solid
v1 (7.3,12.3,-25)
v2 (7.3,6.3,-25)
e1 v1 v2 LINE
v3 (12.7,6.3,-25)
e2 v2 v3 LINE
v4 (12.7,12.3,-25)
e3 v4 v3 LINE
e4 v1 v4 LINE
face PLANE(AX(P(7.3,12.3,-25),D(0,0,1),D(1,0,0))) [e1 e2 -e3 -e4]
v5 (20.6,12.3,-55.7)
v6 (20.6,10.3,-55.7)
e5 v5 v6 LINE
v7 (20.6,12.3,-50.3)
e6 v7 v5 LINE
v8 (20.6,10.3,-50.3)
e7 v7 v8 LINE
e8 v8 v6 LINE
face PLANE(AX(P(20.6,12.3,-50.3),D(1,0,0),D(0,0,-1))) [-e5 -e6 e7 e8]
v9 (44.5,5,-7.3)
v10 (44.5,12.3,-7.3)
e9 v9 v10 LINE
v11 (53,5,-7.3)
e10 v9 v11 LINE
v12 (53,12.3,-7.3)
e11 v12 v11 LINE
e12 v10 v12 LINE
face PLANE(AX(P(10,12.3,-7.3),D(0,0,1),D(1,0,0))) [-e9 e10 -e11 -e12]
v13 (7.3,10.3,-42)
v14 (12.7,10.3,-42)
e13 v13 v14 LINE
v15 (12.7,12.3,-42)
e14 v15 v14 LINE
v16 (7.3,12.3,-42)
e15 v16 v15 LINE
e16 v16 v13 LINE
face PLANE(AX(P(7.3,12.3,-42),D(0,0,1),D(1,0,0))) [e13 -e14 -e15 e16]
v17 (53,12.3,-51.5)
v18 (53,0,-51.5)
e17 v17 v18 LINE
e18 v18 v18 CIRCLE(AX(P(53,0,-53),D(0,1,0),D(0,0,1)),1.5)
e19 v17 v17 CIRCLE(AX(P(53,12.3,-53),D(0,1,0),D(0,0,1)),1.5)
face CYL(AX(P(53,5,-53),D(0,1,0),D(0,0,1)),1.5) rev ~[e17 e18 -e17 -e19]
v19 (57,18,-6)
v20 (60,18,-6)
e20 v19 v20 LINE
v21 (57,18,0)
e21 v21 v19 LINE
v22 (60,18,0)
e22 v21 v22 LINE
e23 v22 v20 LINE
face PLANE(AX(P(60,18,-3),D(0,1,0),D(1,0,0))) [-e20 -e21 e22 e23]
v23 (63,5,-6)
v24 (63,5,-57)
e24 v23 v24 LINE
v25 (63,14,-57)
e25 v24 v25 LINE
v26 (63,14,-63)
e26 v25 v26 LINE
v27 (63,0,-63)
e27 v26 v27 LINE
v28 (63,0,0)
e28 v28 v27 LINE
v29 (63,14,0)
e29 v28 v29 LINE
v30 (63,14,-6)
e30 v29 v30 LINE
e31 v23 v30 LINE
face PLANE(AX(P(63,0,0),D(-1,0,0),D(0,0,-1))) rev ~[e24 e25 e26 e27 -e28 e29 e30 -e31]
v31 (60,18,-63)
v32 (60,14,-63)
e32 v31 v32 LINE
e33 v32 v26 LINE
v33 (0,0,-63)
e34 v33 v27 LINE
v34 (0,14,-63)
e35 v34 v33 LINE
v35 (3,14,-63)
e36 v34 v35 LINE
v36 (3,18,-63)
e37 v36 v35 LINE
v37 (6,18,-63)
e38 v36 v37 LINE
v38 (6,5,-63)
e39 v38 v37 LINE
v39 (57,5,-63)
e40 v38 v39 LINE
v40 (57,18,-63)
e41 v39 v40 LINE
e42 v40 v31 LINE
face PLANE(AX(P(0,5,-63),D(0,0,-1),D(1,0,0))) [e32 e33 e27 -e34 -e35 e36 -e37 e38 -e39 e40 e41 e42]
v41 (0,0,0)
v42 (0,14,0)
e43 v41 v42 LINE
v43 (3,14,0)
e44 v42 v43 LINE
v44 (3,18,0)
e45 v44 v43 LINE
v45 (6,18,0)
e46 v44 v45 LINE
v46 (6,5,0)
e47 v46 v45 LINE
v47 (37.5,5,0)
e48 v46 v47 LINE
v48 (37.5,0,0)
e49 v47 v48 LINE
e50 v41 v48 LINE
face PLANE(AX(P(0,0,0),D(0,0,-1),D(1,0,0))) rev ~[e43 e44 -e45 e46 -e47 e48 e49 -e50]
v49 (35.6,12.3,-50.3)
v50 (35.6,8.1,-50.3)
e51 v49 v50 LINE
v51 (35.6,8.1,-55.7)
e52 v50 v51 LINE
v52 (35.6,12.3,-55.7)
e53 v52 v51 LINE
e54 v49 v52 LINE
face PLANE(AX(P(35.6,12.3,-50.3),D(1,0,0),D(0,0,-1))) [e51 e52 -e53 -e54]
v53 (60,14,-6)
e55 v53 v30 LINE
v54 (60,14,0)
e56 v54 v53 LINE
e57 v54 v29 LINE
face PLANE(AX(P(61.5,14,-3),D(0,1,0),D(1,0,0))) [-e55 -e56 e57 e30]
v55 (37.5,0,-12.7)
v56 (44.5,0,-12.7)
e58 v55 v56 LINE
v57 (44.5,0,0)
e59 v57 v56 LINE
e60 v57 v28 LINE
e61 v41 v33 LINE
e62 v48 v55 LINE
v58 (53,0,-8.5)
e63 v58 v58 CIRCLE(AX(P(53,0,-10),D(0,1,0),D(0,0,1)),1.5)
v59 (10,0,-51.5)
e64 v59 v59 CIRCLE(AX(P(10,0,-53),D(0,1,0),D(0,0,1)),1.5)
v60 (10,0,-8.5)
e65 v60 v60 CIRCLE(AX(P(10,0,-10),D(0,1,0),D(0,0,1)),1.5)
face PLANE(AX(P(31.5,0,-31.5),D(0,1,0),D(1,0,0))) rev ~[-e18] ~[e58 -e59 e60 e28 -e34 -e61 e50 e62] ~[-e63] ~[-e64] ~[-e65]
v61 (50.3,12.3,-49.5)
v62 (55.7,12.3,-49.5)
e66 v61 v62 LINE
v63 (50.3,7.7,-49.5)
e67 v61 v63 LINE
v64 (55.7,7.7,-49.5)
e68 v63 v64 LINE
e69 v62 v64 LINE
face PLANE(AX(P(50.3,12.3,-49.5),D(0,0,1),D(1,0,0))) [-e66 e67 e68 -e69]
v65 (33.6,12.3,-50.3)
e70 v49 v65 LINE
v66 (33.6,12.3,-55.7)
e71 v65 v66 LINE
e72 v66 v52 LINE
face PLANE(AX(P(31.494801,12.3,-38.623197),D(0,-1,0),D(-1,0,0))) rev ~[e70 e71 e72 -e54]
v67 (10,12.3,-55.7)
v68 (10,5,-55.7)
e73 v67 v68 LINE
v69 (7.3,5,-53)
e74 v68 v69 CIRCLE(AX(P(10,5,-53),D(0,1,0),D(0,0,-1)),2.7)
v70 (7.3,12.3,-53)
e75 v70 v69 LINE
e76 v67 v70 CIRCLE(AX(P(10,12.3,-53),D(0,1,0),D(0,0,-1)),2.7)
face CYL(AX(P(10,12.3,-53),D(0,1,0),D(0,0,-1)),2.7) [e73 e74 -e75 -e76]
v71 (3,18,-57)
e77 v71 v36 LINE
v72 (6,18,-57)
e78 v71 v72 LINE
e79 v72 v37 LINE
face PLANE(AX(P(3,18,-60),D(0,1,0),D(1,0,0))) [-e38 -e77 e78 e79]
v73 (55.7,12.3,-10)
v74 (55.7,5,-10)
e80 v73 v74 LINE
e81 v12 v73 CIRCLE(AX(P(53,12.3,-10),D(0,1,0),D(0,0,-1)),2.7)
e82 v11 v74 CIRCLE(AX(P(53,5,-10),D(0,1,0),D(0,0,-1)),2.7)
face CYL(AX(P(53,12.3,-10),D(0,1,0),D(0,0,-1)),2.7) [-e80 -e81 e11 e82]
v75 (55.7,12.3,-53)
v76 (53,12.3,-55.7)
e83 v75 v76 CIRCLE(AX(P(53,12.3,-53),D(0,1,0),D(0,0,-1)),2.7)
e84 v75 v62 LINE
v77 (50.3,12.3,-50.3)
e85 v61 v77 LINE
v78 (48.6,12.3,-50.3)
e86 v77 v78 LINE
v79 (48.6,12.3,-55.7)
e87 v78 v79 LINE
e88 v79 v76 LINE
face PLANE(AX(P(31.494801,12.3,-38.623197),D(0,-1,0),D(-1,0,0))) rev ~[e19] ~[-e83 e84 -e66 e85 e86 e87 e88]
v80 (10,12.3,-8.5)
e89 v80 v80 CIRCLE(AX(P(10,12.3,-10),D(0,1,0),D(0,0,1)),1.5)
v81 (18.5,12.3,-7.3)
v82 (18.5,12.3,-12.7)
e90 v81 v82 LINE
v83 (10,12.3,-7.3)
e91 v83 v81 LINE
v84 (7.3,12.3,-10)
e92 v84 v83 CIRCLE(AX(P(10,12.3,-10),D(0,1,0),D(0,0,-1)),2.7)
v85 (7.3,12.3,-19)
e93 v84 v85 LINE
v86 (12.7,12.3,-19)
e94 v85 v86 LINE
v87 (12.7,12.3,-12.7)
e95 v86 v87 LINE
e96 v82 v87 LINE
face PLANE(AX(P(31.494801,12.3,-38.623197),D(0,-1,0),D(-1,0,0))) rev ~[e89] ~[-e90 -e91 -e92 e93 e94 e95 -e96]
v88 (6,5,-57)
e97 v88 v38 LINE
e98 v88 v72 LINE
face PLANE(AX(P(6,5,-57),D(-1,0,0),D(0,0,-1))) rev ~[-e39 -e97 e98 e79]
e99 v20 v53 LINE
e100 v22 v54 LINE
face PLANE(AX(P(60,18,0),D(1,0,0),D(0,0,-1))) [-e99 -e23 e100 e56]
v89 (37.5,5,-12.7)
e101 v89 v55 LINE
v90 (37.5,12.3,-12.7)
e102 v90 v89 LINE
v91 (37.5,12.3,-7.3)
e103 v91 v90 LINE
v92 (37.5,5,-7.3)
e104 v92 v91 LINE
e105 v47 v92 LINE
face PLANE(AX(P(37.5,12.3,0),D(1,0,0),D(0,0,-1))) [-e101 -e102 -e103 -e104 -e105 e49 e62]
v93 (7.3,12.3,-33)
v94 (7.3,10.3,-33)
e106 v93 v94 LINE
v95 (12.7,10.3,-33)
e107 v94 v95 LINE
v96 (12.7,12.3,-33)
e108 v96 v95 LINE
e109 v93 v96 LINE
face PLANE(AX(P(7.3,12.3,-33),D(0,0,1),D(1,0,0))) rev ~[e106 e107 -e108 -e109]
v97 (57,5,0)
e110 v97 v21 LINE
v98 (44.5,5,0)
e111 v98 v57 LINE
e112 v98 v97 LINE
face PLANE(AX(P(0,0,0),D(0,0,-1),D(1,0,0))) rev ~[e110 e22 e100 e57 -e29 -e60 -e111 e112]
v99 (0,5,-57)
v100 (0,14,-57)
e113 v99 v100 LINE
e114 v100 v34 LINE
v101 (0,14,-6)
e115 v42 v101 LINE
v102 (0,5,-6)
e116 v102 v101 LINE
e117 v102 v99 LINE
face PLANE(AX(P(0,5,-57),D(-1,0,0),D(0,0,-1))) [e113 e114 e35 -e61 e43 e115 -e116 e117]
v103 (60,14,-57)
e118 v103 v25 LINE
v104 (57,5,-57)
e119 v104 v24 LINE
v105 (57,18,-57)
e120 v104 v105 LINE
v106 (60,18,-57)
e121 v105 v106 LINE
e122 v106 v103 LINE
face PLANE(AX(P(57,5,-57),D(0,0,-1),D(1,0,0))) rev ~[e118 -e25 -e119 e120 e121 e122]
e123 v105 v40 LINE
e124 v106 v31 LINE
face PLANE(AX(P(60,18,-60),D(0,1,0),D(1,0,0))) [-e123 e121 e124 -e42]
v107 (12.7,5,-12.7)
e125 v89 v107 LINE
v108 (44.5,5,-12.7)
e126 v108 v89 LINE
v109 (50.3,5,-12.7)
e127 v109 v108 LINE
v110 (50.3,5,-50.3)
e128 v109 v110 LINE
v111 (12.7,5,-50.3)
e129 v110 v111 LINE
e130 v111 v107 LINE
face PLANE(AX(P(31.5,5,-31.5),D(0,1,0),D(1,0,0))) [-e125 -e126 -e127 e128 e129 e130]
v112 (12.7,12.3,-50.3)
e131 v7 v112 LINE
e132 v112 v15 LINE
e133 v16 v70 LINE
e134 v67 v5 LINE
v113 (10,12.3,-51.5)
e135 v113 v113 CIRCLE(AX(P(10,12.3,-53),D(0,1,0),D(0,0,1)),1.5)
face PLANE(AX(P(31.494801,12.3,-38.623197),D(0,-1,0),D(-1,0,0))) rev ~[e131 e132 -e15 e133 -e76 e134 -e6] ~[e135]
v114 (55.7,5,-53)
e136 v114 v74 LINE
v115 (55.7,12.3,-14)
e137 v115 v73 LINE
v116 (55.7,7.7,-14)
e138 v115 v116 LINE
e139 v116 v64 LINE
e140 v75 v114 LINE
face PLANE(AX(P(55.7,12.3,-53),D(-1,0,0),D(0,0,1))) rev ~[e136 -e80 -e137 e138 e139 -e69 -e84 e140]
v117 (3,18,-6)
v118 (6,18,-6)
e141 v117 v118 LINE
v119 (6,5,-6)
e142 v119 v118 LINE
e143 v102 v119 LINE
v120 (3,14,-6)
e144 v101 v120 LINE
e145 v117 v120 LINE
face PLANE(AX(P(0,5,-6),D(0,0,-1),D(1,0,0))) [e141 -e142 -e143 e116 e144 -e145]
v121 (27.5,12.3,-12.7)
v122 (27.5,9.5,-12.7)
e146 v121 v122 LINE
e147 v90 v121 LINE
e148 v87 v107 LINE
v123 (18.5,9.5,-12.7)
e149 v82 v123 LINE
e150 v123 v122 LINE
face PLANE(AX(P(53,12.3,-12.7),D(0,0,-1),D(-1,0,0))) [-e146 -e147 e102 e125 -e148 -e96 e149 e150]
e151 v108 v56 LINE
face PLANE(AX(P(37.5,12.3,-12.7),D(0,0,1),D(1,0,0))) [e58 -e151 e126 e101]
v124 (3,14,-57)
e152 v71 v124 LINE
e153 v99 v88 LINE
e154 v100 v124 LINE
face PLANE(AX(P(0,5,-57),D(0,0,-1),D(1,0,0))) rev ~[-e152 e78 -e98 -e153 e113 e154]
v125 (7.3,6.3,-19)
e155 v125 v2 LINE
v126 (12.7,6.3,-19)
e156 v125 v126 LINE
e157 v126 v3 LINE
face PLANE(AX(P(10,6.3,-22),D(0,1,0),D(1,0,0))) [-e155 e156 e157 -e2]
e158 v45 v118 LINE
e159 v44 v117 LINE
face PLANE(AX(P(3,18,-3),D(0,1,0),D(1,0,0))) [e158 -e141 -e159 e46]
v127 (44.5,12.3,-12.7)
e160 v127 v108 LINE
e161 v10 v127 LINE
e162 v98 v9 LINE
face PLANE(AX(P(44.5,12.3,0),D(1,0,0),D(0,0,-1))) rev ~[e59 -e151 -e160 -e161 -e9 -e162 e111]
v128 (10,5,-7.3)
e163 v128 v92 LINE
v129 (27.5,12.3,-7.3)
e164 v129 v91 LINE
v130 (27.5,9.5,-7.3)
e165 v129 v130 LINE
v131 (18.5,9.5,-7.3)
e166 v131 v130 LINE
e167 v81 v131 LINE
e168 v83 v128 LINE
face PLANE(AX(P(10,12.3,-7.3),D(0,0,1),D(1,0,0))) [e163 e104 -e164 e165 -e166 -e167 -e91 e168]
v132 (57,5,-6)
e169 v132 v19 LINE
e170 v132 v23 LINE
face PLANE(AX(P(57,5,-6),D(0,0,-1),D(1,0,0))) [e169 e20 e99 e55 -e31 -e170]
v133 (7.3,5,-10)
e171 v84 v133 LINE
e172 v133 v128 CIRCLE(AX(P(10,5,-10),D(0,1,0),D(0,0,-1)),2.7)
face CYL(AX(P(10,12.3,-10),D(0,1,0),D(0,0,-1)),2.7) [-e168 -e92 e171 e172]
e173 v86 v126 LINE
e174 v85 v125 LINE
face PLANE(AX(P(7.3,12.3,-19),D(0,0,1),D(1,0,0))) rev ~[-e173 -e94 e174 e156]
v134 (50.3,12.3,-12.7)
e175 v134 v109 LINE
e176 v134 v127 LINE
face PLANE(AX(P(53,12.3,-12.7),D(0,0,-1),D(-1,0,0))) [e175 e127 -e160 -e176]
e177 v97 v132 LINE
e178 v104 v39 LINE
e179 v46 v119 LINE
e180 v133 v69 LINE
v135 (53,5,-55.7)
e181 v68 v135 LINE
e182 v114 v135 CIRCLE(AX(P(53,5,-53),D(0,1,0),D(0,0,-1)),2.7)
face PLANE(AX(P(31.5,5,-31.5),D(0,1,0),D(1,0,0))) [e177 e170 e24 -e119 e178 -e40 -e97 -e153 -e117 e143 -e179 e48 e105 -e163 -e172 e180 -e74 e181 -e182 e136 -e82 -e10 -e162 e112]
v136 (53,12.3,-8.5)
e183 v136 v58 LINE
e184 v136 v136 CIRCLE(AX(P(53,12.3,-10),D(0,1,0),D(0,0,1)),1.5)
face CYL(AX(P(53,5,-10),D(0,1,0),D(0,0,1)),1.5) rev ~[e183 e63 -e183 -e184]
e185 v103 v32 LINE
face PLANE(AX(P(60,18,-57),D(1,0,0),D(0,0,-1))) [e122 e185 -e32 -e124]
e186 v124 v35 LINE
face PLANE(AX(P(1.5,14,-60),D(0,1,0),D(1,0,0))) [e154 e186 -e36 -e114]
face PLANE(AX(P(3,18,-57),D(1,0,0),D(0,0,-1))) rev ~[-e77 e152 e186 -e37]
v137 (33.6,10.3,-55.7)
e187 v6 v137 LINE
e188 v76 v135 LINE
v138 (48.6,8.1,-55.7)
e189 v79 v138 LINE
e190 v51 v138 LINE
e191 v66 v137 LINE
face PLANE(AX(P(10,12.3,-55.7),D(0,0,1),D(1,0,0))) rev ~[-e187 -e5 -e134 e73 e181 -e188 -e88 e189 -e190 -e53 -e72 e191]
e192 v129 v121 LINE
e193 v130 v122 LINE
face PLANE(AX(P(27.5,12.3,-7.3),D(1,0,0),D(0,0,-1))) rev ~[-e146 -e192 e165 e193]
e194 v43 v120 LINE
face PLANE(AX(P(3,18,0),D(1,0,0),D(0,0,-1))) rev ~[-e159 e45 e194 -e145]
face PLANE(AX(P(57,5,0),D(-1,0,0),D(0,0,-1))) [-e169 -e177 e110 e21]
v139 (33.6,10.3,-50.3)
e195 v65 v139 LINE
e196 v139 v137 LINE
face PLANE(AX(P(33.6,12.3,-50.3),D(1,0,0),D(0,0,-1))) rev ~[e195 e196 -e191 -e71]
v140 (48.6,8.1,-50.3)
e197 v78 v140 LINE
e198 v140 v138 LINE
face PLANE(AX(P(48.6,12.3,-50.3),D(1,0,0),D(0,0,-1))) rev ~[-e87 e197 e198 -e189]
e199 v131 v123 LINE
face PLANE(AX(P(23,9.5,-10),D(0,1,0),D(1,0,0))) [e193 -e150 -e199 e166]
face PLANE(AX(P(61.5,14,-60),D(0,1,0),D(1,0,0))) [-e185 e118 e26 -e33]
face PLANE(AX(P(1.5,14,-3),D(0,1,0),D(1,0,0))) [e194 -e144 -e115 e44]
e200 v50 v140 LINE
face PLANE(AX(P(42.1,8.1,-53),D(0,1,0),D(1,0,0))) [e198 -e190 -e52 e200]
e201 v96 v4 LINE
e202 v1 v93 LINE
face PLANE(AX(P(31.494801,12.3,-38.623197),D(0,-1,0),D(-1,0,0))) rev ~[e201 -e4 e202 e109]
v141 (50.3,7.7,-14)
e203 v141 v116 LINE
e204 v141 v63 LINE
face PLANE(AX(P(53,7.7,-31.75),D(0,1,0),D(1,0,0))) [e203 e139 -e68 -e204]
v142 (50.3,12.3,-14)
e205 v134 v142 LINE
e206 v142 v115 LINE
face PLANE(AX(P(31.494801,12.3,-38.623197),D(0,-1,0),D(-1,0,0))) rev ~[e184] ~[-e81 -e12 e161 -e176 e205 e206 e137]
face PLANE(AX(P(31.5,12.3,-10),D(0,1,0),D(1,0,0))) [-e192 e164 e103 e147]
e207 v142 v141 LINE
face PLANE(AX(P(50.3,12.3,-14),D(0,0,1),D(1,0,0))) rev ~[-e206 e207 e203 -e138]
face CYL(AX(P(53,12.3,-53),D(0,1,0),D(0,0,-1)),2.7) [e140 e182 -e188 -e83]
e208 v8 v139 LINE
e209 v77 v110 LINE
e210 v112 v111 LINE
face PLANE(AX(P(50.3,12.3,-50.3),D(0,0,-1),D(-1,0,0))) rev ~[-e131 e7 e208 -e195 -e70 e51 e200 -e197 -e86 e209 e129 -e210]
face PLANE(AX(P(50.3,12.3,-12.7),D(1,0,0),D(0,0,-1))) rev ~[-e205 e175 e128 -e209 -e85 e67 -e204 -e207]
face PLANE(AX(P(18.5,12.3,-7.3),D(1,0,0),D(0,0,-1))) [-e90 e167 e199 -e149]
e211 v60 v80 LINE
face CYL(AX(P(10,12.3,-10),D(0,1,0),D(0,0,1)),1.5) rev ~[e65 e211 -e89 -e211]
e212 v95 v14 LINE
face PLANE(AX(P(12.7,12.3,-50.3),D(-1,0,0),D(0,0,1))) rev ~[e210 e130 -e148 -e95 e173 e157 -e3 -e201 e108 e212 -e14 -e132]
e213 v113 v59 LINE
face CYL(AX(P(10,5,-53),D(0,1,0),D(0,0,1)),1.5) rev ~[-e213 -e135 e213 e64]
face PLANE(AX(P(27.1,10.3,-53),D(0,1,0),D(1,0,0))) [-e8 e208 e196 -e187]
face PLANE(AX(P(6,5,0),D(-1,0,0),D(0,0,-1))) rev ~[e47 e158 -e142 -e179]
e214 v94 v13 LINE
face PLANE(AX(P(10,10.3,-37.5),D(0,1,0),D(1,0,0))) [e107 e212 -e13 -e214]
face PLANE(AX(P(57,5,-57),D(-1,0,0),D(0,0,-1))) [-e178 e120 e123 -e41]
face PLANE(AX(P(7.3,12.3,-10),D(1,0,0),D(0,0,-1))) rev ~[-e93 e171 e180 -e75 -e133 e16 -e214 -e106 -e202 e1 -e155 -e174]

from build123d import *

# Parameters (mm, degrees)
SKETCH1_W           = 63
SKETCH1_H           = 63
BOSS_EXTRUDE1_DEPTH = 5
SKETCH2_W           = 6
SKETCH2_H           = 6
BOSS_EXTRUDE2_DEPTH = 13
SKETCH3_R           = 1.5
CUT_EXTRUDE1_DEPTH  = 5
BOSS_EXTRUDE3_START = 7.3
SKETCH4_R           = 2.7
SKETCH4_R_2         = 1.5
BOSS_EXTRUDE3_DEPTH = 7.3
BOSS_EXTRUDE4_START = 7.3
BOSS_EXTRUDE4_DEPTH = 7.3
SKETCH6_W           = 9
SKETCH6_H           = 5.4
CUT_EXTRUDE2_DEPTH  = 2.8
CUT_EXTRUDE3_REACH  = 91.94
SKETCH7_W           = 7
SKETCH7_H           = 12.7
BOSS_EXTRUDE5_START = 7.3
BOSS_EXTRUDE5_DEPTH = 7.3
SKETCH9_W           = 5.4
SKETCH9_H           = 35.5
CUT_EXTRUDE4_DEPTH  = 4.6
SKETCH10_W          = 13
SKETCH10_H          = 5.4
CUT_EXTRUDE5_DEPTH  = 4.2
SKETCH11_W          = 13
SKETCH11_H          = 5.4
CUT_EXTRUDE6_DEPTH  = 2
SKETCH12_W          = 5.4
SKETCH12_H          = 9
CUT_EXTRUDE7_DEPTH  = 2
SKETCH13_W          = 5.4
SKETCH13_H          = 6
CUT_EXTRUDE8_DEPTH  = 6
SKETCH14_W          = 3
SKETCH14_H          = 6
CUT_EXTRUDE9_DEPTH  = 4


with BuildPart() as part:
    # Sketch1 → Boss-Extrude1 (new body)
    with BuildSketch(Plane(origin=(0, 0, 0), x_dir=(1, 0, 0), z_dir=(0, 1, 0))):
        with Locations((31.5, 31.5)):
            Rectangle(SKETCH1_W, SKETCH1_H)
    extrude(amount=BOSS_EXTRUDE1_DEPTH)

    # Sketch2 → Boss-Extrude2 (add)
    with BuildSketch(Plane(origin=(0, 5, 0), x_dir=(1, 0, 0), z_dir=(0, 1, 0))):
        with Locations((3, 60)):
            Rectangle(SKETCH2_W, SKETCH2_H)
        with Locations((3, 3)):
            Rectangle(SKETCH2_W, SKETCH2_H)
        with Locations((60, 60)):
            Rectangle(SKETCH2_W, SKETCH2_H)
        with Locations((60, 3)):
            Rectangle(SKETCH2_W, SKETCH2_H)
    extrude(amount=BOSS_EXTRUDE2_DEPTH)

    # Sketch3 → Cut-Extrude1 (cut)
    with BuildSketch(Plane(origin=(0, 5, 0), x_dir=(1, 0, 0), z_dir=(0, 1, 0))):
        with Locations(Location((53, 10, 0), (0, 0, 270))):
            Circle(SKETCH3_R)
        with Locations(Location((10, 10, 0), (0, 0, 270))):
            Circle(SKETCH3_R)
        with Locations(Location((10, 53, 0), (0, 0, 270))):
            Circle(SKETCH3_R)
        with Locations(Location((53, 53, 0), (0, 0, 270))):
            Circle(SKETCH3_R)
    extrude(amount=-CUT_EXTRUDE1_DEPTH, mode=Mode.SUBTRACT)

    # Sketch4 → Boss-Extrude3 (add)
    # profile 1 of 4: a face of its own
    with BuildSketch(Plane(origin=(0, 5, 0), x_dir=(1, 0, 0), z_dir=(0, 1, 0)).offset(BOSS_EXTRUDE3_START)):
        with Locations(Location((10, 10, 0), (0, 0, 90))):
            Circle(SKETCH4_R)
        with Locations(Location((10, 10, 0), (0, 0, 270))):
            Circle(SKETCH4_R_2, mode=Mode.SUBTRACT)
    # profile 2 of 4: a face of its own
    with BuildSketch(Plane(origin=(0, 5, 0), x_dir=(1, 0, 0), z_dir=(0, 1, 0)).offset(BOSS_EXTRUDE3_START)):
        with Locations(Location((10, 53, 0), (0, 0, 90))):
            Circle(SKETCH4_R)
        with Locations(Location((10, 53, 0), (0, 0, 270))):
            Circle(SKETCH4_R_2, mode=Mode.SUBTRACT)
    # profile 3 of 4: a face of its own
    with BuildSketch(Plane(origin=(0, 5, 0), x_dir=(1, 0, 0), z_dir=(0, 1, 0)).offset(BOSS_EXTRUDE3_START)):
        with Locations(Location((53, 10, 0), (0, 0, 90))):
            Circle(SKETCH4_R)
        with Locations(Location((53, 10, 0), (0, 0, 270))):
            Circle(SKETCH4_R_2, mode=Mode.SUBTRACT)
    # profile 4 of 4: a face of its own
    with BuildSketch(Plane(origin=(0, 5, 0), x_dir=(1, 0, 0), z_dir=(0, 1, 0)).offset(BOSS_EXTRUDE3_START)):
        with Locations(Location((53, 53, 0), (0, 0, 90))):
            Circle(SKETCH4_R)
        with Locations(Location((53, 53, 0), (0, 0, 270))):
            Circle(SKETCH4_R_2, mode=Mode.SUBTRACT)
    extrude(amount=-BOSS_EXTRUDE3_DEPTH)

    # Sketch5 → Boss-Extrude4 (add)
    with BuildSketch(Plane(origin=(0, 5, 0), x_dir=(1, 0, 0), z_dir=(0, 1, 0)).offset(BOSS_EXTRUDE4_START)):
        with BuildLine():
            Line((10, 7.3), (53, 7.3))
            ThreePointArc((53, 7.3), (50.3, 10), (53, 12.7))
            Line((53, 12.7), (10, 12.7))
            ThreePointArc((10, 12.7), (12.7, 10), (10, 7.3))
        make_face()
    extrude(amount=-BOSS_EXTRUDE4_DEPTH)

    # Sketch6 → Cut-Extrude2 (cut)
    with BuildSketch(Plane(origin=(0, 12.3, 0), x_dir=(1, 0, 0), z_dir=(0, 1, 0))):
        with Locations((23, 10)):
            Rectangle(SKETCH6_W, SKETCH6_H)
    extrude(amount=-CUT_EXTRUDE2_DEPTH, mode=Mode.SUBTRACT)

    # Cut-Extrude3: up to this face of the body (flat: up to its plane)
    cut_extrude3_end = Plane(part.part.faces().sort_by_distance((31.5, 0, -31.5))[0])
    # Sketch7 → Cut-Extrude3 (cut, up to the picked face)
    with BuildSketch(Plane(origin=(0, 12.3, 0), x_dir=(1, 0, 0), z_dir=(0, 1, 0)), mode=Mode.PRIVATE) as cut_extrude3_sk1:
        with Locations((41, 6.35)):
            Rectangle(SKETCH7_W, SKETCH7_H)
    cut_extrude3_tool1 = split(extrude(cut_extrude3_sk1.sketch, amount=-CUT_EXTRUDE3_REACH, mode=Mode.PRIVATE), bisect_by=cut_extrude3_end, keep=Keep.BOTH, mode=Mode.PRIVATE)
    add(cut_extrude3_tool1.solids().sort_by(Axis((41, 12.3, -6.35), (0, -1, 0)))[0], mode=Mode.SUBTRACT)

    # Sketch8 → Boss-Extrude5 (add)
    with BuildSketch(Plane(origin=(0, 5, 0), x_dir=(1, 0, 0), z_dir=(0, 1, 0)).offset(BOSS_EXTRUDE5_START)):
        with BuildLine():
            Line((55.7, 53), (55.7, 10))
            ThreePointArc((55.7, 10), (54.909188309, 11.909188309), (53, 12.7))
            Line((53, 12.7), (50.3, 12.7))
            Line((50.3, 12.7), (50.3, 50.3))
            Line((50.3, 50.3), (12.7, 50.3))
            Line((12.7, 50.3), (12.7, 12.7))
            Line((12.7, 12.7), (10, 12.7))
            ThreePointArc((10, 12.7), (8.090811691, 11.909188309), (7.3, 10))
            Line((7.3, 10), (7.3, 53))
            ThreePointArc((7.3, 53), (8.090811691, 51.090811691), (10, 50.3))
            ThreePointArc((10, 50.3), (12.7, 53), (10, 55.7))
            Line((10, 55.7), (53, 55.7))
            ThreePointArc((53, 55.7), (51.090811691, 54.909188309), (50.3, 53))
            ThreePointArc((50.3, 53), (53, 50.3), (55.7, 53))
        make_face()
    extrude(amount=-BOSS_EXTRUDE5_DEPTH)

    # Sketch9 → Cut-Extrude4 (cut)
    with BuildSketch(Plane(origin=(0, 12.3, 0), x_dir=(1, 0, 0), z_dir=(0, 1, 0))):
        with Locations((53, 31.75)):
            Rectangle(SKETCH9_W, SKETCH9_H)
    extrude(amount=-CUT_EXTRUDE4_DEPTH, mode=Mode.SUBTRACT)

    # Sketch10 → Cut-Extrude5 (cut)
    with BuildSketch(Plane(origin=(0, 12.3, 0), x_dir=(1, 0, 0), z_dir=(0, 1, 0))):
        with Locations((42.1, 53)):
            Rectangle(SKETCH10_W, SKETCH10_H)
    extrude(amount=-CUT_EXTRUDE5_DEPTH, mode=Mode.SUBTRACT)

    # Sketch11 → Cut-Extrude6 (cut)
    with BuildSketch(Plane(origin=(0, 12.3, 0), x_dir=(1, 0, 0), z_dir=(0, 1, 0))):
        with Locations((27.1, 53)):
            Rectangle(SKETCH11_W, SKETCH11_H)
    extrude(amount=-CUT_EXTRUDE6_DEPTH, mode=Mode.SUBTRACT)

    # Sketch12 → Cut-Extrude7 (cut)
    with BuildSketch(Plane(origin=(0, 12.3, 0), x_dir=(1, 0, 0), z_dir=(0, 1, 0))):
        with Locations((10, 37.5)):
            Rectangle(SKETCH12_W, SKETCH12_H)
    extrude(amount=-CUT_EXTRUDE7_DEPTH, mode=Mode.SUBTRACT)

    # Sketch13 → Cut-Extrude8 (cut)
    with BuildSketch(Plane(origin=(0, 12.3, 0), x_dir=(1, 0, 0), z_dir=(0, 1, 0))):
        with Locations((10, 22)):
            Rectangle(SKETCH13_W, SKETCH13_H)
    extrude(amount=-CUT_EXTRUDE8_DEPTH, mode=Mode.SUBTRACT)

    # Sketch14 → Cut-Extrude9 (cut)
    with BuildSketch(Plane(origin=(0, 18, 0), x_dir=(1, 0, 0), z_dir=(0, 1, 0))):
        with Locations((1.5, 3)):
            Rectangle(SKETCH14_W, SKETCH14_H)
        with Locations((61.5, 3)):
            Rectangle(SKETCH14_W, SKETCH14_H)
        with Locations((61.5, 60)):
            Rectangle(SKETCH14_W, SKETCH14_H)
        with Locations((1.5, 60)):
            Rectangle(SKETCH14_W, SKETCH14_H)
    extrude(amount=-CUT_EXTRUDE9_DEPTH, mode=Mode.SUBTRACT)


solid = part.part
